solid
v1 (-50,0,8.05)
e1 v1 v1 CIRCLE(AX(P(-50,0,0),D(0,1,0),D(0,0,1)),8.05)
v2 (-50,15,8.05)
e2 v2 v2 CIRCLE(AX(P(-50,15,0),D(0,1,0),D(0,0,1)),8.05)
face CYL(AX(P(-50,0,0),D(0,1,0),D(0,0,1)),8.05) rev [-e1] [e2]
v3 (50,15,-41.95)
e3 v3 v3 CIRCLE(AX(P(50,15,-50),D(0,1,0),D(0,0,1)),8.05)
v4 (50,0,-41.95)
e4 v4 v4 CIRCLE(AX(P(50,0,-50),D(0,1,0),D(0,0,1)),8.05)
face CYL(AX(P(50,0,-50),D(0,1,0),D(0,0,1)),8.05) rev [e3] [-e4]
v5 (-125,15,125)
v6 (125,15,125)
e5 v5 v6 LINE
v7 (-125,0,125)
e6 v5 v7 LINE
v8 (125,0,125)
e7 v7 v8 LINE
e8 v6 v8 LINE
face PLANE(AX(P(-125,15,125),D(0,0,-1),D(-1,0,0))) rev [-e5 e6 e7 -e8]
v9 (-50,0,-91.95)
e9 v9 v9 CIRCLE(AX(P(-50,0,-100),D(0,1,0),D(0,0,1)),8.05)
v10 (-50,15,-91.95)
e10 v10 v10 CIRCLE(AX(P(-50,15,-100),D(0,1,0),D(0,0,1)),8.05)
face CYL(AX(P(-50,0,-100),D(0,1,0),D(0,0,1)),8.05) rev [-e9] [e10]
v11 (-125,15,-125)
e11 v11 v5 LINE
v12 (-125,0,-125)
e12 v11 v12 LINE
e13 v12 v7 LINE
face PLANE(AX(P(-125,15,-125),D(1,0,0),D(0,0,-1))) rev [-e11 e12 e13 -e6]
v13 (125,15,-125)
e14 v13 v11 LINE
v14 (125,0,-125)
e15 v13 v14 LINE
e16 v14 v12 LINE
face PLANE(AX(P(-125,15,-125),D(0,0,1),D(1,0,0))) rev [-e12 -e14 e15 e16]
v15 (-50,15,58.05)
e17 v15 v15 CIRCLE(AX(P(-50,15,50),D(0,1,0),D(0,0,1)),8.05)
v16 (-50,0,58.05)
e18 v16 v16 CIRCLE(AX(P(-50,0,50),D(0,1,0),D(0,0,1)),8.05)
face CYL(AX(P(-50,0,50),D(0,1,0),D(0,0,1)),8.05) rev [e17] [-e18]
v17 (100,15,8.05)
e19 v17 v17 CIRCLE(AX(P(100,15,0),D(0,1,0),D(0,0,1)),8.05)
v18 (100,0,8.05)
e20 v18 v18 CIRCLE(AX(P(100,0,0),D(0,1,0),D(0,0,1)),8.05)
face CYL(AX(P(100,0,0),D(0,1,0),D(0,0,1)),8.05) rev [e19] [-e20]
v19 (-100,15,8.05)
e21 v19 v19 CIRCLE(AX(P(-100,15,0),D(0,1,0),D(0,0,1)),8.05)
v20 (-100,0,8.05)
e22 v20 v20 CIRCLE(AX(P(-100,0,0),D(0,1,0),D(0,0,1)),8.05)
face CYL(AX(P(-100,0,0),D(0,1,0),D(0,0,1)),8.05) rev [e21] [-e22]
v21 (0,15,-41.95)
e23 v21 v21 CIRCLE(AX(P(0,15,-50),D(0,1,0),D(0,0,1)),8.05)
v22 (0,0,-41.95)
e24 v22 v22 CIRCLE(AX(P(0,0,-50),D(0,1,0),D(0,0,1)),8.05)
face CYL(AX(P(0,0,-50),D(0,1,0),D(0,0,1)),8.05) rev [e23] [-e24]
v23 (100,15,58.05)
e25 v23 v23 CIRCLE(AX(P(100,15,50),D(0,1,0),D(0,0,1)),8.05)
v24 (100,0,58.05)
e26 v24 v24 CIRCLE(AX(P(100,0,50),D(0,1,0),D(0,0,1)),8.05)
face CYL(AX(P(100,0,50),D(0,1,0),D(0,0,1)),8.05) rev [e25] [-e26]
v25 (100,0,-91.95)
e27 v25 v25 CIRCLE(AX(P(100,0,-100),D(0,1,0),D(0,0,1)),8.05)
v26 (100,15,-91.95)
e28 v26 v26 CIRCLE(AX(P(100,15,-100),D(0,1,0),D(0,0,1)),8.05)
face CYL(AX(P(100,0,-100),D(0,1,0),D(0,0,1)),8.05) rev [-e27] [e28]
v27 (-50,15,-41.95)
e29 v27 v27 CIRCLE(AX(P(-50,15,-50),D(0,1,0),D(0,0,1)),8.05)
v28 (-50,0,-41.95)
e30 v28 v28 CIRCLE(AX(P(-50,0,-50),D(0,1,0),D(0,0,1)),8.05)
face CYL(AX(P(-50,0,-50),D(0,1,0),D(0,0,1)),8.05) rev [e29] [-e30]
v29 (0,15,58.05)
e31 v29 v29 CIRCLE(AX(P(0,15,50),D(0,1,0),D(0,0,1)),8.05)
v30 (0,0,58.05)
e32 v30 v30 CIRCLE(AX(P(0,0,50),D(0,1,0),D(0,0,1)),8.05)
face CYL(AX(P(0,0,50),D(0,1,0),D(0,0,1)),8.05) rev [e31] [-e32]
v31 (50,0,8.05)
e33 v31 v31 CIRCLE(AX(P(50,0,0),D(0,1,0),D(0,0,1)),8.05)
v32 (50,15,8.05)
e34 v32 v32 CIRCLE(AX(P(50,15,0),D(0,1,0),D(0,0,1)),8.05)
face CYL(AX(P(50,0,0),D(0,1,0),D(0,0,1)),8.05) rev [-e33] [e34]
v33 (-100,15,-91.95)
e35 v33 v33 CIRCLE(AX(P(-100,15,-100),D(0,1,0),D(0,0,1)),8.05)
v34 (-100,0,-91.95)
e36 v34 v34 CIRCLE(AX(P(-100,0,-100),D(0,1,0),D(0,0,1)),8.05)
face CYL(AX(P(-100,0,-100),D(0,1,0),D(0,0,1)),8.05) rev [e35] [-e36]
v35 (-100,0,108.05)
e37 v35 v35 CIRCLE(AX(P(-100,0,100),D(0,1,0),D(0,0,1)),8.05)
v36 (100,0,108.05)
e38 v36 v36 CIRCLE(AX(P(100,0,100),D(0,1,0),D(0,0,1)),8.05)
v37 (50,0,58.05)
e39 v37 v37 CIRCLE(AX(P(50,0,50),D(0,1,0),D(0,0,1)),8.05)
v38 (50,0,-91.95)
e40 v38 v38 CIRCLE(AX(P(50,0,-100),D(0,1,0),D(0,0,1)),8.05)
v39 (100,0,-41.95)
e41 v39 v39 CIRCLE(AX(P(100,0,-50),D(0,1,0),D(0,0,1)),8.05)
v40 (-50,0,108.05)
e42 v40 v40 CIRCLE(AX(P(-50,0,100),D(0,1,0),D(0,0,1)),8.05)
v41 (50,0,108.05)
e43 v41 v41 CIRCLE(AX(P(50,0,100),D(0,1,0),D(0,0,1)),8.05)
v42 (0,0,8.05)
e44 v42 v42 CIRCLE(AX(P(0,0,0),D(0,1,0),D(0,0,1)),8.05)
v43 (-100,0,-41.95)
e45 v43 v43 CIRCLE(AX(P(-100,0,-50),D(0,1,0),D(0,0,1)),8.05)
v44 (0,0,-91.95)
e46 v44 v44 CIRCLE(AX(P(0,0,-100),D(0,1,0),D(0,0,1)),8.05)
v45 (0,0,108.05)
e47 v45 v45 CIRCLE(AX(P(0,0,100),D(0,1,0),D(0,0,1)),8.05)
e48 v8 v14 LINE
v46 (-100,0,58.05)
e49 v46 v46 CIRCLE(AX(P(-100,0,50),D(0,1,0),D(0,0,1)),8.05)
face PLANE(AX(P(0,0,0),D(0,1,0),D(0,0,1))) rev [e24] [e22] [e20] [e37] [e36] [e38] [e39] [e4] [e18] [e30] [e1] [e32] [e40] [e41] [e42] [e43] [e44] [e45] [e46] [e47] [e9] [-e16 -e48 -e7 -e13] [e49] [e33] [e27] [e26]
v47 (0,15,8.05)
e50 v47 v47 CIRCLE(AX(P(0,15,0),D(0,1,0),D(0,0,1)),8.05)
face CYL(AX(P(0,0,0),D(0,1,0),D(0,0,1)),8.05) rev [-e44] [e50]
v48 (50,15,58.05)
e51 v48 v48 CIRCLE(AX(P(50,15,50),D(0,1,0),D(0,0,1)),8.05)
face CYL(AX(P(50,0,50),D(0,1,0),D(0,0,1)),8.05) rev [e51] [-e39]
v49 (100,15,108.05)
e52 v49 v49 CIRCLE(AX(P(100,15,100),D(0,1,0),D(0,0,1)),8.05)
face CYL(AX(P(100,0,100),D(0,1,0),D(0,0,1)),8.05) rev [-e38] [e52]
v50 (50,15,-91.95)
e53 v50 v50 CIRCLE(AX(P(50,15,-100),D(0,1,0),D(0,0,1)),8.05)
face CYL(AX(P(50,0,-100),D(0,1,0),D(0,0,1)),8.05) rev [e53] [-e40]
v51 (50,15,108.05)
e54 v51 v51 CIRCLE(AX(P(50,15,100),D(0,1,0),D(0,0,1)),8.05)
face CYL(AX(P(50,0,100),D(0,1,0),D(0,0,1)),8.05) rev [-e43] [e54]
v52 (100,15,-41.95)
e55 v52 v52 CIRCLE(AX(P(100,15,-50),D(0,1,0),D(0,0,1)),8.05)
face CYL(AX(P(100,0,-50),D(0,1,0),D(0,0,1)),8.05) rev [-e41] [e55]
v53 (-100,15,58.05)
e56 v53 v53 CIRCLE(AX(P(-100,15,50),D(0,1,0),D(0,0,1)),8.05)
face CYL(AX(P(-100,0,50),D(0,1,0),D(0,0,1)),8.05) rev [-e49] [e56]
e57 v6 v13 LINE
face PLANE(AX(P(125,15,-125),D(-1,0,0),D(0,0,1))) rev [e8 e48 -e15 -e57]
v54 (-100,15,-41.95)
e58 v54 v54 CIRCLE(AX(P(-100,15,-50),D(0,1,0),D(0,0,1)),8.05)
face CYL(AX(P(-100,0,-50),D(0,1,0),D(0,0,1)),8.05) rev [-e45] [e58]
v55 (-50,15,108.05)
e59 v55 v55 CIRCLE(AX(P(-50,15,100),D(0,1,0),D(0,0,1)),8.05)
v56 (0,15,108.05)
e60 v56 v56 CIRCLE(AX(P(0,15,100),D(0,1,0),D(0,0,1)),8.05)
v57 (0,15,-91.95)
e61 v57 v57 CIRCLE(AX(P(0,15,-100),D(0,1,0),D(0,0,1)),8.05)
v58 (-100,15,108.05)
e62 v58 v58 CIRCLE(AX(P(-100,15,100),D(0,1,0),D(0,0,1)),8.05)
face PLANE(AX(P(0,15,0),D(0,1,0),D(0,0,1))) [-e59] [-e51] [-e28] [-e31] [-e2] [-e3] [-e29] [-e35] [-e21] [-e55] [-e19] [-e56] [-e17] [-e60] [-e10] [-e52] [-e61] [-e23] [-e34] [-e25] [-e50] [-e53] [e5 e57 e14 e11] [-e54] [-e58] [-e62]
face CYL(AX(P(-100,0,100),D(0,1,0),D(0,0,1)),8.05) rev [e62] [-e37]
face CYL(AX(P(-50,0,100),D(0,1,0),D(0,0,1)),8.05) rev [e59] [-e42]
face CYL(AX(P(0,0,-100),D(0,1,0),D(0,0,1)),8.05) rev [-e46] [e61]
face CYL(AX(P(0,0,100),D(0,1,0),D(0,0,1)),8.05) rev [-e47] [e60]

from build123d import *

# Parameters (mm, degrees)
SKETCH1_W           = 250
SKETCH1_H           = 250
BOSS_EXTRUDE1_DEPTH = 15
SKETCH2_R           = 8.05
CUT_EXTRUDE1_DEPTH  = 178.411949992


with BuildPart() as part:
    # Sketch1 → Boss-Extrude1 (new body)
    with BuildSketch(Plane(origin=(0, 0, 0), x_dir=(1, 0, 0), z_dir=(0, 1, 0))):
        Rectangle(SKETCH1_W, SKETCH1_H)
    extrude(amount=BOSS_EXTRUDE1_DEPTH)

    # Sketch2 → Cut-Extrude1 (cut, through all)
    with BuildSketch(Plane(origin=(0, 15, 0), x_dir=(1, 0, 0), z_dir=(0, 1, 0))):
        with Locations(Location((-100, 100, 0), (0, 0, 270))):
            Circle(SKETCH2_R)
        with Locations(Location((-50, 100, 0), (0, 0, 270))):
            Circle(SKETCH2_R)
        with Locations(Location((0, 100, 0), (0, 0, 270))):
            Circle(SKETCH2_R)
        with Locations(Location((50, 100, 0), (0, 0, 270))):
            Circle(SKETCH2_R)
        with Locations(Location((100, 100, 0), (0, 0, 270))):
            Circle(SKETCH2_R)
        with Locations(Location((-50, 50, 0), (0, 0, 270))):
            Circle(SKETCH2_R)
        with Locations(Location((0, 50, 0), (0, 0, 270))):
            Circle(SKETCH2_R)
        with Locations(Location((50, 50, 0), (0, 0, 270))):
            Circle(SKETCH2_R)
        with Locations(Location((100, 50, 0), (0, 0, 270))):
            Circle(SKETCH2_R)
        with Locations(Location((-50, 0, 0), (0, 0, 270))):
            Circle(SKETCH2_R)
        with Locations(Location((0, 0, 0), (0, 0, 270))):
            Circle(SKETCH2_R)
        with Locations(Location((50, 0, 0), (0, 0, 270))):
            Circle(SKETCH2_R)
        with Locations(Location((100, 0, 0), (0, 0, 270))):
            Circle(SKETCH2_R)
        with Locations(Location((-50, -50, 0), (0, 0, 270))):
            Circle(SKETCH2_R)
        with Locations(Location((0, -50, 0), (0, 0, 270))):
            Circle(SKETCH2_R)
        with Locations(Location((50, -50, 0), (0, 0, 270))):
            Circle(SKETCH2_R)
        with Locations(Location((100, -50, 0), (0, 0, 270))):
            Circle(SKETCH2_R)
        with Locations(Location((-50, -100, 0), (0, 0, 270))):
            Circle(SKETCH2_R)
        with Locations(Location((0, -100, 0), (0, 0, 270))):
            Circle(SKETCH2_R)
        with Locations(Location((50, -100, 0), (0, 0, 270))):
            Circle(SKETCH2_R)
        with Locations(Location((100, -100, 0), (0, 0, 270))):
            Circle(SKETCH2_R)
        with Locations(Location((-100, 50, 0), (0, 0, 270))):
            Circle(SKETCH2_R)
        with Locations(Location((-100, 0, 0), (0, 0, 270))):
            Circle(SKETCH2_R)
        with Locations(Location((-100, -50, 0), (0, 0, 270))):
            Circle(SKETCH2_R)
        with Locations(Location((-100, -100, 0), (0, 0, 270))):
            Circle(SKETCH2_R)
    extrude(amount=-CUT_EXTRUDE1_DEPTH, mode=Mode.SUBTRACT)


solid = part.part
